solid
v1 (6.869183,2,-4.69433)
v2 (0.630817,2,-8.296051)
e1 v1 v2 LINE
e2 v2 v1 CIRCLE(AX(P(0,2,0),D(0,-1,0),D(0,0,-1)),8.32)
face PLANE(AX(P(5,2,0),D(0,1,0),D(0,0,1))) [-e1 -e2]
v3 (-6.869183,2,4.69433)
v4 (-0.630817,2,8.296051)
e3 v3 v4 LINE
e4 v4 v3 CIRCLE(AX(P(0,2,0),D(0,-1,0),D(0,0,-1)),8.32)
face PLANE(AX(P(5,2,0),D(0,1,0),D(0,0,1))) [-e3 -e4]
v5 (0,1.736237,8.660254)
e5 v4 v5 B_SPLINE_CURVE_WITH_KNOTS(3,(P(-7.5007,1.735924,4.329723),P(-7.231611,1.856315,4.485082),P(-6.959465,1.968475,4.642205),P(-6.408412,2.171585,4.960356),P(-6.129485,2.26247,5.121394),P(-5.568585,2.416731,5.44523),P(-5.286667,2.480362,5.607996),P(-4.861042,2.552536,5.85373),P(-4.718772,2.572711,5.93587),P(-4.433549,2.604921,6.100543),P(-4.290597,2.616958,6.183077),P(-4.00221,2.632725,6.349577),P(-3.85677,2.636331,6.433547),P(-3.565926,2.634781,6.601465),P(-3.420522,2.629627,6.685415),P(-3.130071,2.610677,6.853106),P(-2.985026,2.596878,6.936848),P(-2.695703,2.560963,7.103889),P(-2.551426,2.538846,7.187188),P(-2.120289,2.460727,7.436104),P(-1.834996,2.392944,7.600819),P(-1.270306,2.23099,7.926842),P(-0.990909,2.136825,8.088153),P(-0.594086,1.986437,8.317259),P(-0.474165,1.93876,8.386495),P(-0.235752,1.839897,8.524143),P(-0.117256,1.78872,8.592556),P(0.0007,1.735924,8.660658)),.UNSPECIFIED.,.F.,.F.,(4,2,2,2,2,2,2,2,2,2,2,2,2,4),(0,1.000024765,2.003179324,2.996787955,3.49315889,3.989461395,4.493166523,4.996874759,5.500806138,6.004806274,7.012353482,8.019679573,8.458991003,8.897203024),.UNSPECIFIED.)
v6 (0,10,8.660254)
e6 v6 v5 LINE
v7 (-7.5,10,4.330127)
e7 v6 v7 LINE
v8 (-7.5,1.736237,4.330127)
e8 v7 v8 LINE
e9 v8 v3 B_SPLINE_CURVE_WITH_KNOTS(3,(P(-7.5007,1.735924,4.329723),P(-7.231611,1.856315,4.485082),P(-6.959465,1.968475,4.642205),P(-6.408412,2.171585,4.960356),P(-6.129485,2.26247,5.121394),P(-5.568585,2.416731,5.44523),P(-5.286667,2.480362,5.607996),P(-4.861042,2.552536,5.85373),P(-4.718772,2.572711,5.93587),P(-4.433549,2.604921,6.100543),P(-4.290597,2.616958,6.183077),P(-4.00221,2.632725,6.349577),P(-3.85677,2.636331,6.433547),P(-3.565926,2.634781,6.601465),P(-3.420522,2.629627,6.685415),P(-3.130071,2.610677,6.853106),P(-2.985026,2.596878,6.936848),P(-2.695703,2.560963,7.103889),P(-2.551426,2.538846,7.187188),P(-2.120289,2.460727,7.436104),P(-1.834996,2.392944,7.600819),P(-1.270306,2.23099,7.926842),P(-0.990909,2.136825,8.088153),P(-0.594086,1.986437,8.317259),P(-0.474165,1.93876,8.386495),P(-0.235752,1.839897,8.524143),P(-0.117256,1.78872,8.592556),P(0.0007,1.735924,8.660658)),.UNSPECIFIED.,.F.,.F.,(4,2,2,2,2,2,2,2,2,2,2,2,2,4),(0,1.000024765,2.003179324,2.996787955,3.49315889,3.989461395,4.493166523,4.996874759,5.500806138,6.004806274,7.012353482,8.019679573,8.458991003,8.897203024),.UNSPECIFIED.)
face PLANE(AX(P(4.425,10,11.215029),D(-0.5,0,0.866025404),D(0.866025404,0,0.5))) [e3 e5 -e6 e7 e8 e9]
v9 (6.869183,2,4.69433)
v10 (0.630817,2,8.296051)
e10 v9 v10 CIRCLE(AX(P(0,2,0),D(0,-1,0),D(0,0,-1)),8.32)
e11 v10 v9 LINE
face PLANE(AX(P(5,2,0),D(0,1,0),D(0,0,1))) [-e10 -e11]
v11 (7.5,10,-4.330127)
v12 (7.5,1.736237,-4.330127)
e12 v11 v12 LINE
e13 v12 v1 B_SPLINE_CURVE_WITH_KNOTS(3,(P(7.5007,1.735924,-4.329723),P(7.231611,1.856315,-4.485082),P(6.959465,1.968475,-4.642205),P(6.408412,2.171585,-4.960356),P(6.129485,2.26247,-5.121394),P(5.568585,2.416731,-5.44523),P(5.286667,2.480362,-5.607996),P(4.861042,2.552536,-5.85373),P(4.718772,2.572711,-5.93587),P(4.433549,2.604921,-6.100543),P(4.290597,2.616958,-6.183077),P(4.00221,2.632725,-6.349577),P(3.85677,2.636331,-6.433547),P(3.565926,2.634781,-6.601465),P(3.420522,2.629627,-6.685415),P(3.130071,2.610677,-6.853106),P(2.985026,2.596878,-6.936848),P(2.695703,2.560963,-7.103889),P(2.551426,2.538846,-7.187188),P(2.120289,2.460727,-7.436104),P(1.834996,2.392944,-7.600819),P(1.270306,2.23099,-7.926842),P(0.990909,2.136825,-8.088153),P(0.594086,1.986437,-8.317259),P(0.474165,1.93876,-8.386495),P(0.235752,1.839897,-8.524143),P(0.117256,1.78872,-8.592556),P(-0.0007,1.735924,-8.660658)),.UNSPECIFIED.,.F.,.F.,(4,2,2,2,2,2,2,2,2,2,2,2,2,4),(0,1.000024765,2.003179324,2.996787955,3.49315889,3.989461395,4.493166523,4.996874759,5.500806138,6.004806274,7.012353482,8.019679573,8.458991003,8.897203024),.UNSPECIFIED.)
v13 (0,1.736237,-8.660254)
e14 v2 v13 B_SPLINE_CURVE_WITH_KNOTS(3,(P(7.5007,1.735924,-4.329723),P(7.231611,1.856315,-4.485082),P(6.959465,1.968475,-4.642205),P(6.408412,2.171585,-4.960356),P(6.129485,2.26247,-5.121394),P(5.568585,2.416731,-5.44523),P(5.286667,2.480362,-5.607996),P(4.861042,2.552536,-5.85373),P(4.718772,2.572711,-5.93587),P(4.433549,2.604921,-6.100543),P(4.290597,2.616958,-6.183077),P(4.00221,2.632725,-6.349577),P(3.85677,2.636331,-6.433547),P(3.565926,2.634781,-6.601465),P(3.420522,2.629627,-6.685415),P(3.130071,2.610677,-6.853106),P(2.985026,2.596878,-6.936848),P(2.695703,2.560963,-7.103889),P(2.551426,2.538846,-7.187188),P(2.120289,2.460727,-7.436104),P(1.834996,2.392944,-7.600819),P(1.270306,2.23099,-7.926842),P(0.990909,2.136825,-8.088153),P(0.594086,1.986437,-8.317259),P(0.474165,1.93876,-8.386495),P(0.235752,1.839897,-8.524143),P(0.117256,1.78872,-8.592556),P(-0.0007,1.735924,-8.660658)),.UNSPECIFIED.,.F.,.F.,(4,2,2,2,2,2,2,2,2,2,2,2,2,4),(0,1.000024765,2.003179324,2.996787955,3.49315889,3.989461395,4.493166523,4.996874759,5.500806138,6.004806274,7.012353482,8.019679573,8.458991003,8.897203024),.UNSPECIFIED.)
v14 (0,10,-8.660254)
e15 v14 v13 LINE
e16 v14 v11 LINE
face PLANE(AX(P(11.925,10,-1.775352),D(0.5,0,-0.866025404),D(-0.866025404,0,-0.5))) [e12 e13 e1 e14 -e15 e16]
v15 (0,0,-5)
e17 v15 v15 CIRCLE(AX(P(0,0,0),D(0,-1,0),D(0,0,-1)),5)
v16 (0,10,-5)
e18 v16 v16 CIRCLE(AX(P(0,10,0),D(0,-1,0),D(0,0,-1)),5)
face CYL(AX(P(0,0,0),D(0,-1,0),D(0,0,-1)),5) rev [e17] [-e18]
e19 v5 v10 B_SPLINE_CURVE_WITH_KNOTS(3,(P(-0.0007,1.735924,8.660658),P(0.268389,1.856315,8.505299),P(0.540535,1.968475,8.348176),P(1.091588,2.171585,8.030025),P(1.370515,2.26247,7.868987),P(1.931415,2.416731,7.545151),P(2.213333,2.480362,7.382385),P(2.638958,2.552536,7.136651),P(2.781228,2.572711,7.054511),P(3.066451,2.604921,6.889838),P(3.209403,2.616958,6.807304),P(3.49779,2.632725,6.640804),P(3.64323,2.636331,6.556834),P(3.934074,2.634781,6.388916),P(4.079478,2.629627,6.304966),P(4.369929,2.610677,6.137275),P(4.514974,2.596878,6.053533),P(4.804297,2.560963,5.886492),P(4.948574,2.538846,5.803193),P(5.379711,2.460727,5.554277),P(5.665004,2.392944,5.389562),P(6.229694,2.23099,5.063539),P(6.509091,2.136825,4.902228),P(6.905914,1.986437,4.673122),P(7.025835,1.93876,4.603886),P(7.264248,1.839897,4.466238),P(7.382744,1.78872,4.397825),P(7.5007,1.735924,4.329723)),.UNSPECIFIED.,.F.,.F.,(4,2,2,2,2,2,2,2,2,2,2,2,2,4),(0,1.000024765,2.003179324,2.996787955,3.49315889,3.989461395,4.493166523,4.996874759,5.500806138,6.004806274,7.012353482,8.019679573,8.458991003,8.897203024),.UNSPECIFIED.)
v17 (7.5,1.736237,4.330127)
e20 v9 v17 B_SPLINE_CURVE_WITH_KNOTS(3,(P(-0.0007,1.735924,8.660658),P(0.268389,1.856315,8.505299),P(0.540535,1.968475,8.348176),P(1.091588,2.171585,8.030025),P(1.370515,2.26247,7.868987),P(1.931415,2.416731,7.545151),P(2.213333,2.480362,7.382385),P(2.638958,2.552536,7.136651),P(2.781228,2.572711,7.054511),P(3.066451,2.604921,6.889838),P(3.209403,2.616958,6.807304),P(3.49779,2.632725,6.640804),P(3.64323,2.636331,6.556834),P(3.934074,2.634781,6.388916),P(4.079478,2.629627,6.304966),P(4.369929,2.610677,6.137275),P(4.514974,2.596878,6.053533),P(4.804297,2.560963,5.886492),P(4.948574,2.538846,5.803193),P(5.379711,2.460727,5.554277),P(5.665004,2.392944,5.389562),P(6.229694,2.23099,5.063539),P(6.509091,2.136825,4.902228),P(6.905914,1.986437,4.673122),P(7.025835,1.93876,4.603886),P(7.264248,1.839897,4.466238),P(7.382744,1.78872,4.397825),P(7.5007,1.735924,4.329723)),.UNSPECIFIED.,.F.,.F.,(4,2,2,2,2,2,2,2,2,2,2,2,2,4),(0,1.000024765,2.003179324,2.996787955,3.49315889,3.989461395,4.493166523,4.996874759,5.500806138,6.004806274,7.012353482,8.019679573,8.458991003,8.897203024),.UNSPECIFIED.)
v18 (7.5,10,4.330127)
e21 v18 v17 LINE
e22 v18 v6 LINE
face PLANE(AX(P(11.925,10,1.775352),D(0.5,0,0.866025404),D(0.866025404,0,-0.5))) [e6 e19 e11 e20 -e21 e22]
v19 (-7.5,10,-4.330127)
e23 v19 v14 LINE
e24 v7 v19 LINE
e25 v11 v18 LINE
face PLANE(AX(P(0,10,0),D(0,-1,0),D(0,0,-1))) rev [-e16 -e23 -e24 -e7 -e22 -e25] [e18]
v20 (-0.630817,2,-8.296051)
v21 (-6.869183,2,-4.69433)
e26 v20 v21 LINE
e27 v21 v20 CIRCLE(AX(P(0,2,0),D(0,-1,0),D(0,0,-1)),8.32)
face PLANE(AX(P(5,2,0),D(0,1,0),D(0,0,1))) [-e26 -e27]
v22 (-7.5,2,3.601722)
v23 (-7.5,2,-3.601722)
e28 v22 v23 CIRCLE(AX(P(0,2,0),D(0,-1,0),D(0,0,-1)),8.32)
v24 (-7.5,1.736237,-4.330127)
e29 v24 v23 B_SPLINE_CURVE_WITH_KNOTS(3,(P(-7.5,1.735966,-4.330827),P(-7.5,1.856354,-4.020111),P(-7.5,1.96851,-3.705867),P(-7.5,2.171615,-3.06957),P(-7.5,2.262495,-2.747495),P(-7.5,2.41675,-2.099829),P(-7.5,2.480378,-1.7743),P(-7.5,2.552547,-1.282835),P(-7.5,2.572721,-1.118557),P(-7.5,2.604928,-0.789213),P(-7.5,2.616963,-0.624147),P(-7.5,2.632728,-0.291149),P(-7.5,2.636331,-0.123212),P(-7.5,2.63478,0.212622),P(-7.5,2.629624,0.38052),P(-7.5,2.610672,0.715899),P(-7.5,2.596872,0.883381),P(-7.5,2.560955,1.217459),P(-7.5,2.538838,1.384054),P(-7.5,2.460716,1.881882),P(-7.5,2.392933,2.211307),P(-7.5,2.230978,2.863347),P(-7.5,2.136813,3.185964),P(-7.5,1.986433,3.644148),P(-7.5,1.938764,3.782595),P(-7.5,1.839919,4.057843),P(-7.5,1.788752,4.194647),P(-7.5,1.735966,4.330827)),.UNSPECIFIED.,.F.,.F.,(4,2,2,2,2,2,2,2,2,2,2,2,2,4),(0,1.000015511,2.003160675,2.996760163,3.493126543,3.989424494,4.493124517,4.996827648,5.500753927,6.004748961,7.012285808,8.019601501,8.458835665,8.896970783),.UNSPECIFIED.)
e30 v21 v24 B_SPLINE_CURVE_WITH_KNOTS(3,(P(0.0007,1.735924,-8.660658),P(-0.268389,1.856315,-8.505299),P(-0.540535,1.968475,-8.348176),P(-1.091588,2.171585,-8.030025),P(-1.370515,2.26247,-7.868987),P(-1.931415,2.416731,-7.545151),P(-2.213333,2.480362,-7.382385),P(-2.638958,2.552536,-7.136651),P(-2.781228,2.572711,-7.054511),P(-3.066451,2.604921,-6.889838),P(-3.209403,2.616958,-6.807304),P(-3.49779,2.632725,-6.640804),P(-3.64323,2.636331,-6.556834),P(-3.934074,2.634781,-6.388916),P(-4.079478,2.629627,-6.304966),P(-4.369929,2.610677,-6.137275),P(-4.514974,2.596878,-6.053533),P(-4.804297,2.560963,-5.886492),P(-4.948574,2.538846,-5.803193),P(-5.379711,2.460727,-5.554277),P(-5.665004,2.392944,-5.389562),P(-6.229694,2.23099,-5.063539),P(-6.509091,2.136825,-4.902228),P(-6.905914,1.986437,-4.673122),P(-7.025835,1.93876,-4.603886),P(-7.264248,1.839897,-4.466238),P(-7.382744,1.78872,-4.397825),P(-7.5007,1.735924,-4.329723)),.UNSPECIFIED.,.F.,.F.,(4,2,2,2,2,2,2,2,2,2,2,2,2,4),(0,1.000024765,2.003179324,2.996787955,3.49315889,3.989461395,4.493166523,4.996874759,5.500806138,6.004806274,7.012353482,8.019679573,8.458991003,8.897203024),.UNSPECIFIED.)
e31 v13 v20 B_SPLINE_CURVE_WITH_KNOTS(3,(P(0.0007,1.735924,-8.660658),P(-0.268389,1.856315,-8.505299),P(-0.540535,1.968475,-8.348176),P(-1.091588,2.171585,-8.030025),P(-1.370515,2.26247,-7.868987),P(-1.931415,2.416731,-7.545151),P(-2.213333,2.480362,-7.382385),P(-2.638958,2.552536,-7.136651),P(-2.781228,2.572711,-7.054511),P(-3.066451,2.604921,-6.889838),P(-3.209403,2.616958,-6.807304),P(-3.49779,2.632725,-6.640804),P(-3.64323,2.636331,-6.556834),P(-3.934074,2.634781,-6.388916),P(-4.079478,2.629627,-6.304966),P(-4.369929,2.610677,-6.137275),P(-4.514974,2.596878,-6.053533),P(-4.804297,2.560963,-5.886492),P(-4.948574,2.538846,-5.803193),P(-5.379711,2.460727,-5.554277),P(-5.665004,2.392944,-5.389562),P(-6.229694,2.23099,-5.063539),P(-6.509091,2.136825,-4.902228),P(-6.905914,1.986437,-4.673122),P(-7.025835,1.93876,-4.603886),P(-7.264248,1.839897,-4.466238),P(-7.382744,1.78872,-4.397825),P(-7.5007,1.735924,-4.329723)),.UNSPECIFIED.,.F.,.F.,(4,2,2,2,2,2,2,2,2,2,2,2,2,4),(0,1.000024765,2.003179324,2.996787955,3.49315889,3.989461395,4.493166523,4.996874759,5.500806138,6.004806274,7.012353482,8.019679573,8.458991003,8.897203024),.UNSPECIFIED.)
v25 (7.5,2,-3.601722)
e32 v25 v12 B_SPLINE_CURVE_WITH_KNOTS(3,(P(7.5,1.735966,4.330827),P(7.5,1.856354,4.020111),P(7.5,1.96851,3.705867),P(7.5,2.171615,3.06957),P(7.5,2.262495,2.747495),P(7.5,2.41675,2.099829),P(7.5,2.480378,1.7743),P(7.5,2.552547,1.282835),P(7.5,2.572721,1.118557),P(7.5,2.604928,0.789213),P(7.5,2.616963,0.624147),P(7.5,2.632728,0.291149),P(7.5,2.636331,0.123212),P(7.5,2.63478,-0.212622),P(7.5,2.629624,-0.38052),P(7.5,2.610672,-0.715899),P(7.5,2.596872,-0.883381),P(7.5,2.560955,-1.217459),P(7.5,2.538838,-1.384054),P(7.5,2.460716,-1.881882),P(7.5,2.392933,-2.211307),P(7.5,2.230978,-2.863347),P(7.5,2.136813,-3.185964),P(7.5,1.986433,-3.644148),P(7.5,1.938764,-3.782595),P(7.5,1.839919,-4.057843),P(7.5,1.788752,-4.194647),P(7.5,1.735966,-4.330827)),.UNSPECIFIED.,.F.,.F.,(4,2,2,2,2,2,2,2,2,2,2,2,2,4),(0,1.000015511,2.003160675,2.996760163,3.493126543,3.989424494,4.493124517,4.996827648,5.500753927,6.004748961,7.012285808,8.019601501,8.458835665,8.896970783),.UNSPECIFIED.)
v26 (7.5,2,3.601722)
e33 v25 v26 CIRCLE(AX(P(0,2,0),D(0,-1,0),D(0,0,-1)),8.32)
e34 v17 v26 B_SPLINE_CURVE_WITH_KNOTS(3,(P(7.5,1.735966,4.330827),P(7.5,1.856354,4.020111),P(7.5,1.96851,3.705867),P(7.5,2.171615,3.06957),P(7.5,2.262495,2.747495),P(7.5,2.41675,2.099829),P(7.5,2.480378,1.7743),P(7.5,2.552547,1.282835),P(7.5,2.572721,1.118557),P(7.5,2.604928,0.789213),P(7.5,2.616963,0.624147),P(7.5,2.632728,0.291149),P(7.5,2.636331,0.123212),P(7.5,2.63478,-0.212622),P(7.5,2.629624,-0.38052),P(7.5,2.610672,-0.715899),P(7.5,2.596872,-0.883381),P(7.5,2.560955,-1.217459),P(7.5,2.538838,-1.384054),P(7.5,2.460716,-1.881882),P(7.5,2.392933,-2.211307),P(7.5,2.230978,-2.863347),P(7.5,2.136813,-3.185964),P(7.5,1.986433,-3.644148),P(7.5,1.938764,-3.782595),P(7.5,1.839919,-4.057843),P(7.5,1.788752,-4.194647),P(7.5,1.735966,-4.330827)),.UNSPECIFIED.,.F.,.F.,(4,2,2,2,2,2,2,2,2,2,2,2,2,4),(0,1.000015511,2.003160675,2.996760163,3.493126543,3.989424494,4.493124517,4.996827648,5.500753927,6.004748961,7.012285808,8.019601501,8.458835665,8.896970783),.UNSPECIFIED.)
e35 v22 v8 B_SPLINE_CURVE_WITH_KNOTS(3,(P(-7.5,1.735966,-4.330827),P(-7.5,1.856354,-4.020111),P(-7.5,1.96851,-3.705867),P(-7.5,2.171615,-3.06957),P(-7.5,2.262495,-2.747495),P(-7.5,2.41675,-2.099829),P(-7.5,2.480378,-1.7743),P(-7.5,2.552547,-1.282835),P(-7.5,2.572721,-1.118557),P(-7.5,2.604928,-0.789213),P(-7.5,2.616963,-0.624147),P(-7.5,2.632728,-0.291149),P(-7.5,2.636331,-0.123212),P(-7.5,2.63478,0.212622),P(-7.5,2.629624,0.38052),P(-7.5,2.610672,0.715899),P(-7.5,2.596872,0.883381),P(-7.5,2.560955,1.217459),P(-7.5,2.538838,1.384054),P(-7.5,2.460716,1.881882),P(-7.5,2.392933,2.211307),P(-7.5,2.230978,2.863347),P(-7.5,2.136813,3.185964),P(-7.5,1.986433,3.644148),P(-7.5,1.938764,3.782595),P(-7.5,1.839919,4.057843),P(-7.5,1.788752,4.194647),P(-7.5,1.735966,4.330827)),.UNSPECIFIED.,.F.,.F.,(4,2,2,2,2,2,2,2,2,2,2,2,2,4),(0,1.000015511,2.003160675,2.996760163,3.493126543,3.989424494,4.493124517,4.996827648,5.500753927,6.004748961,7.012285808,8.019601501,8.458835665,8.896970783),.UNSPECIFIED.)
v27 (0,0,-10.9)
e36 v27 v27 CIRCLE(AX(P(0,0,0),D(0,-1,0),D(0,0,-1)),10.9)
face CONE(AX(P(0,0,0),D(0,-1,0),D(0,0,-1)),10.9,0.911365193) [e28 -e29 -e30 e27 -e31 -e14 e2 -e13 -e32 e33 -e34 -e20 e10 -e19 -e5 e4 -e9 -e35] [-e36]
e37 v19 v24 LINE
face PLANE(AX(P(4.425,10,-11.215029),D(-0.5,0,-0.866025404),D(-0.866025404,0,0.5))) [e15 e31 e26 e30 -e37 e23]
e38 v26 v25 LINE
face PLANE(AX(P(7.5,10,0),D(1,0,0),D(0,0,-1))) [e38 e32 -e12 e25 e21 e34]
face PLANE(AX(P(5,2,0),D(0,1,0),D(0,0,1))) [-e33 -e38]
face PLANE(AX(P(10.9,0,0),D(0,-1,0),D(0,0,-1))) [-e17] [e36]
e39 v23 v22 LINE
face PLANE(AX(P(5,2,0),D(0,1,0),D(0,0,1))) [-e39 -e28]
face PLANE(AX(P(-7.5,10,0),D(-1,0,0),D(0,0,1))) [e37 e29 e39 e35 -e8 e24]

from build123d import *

# Parameters (mm, degrees)
DODANIE_WYCI_GNI_CIE1_START = 8
SZKIC2_R                    = 5
DODANIE_WYCI_GNI_CIE1_DEPTH = 10


with BuildPart() as part:
    # Szkic1 → Obrót1 (revolve)
    with BuildSketch(Plane.XY, mode=Mode.PRIVATE) as obr_t1_sk:
        Polygon((5, 0), (5, 2), (8.32, 2), (10.9, 0), align=None)
    revolve(obr_t1_sk.sketch.rotate(Axis((0, 0, 0), (0, 1, 0)), 90), axis=Axis((0, 0, 0), (0, 1, 0)))

    # Szkic2 → Dodanie-wyciągnięcie1 (add)
    with BuildSketch(Plane(origin=(0, 2, 0), x_dir=(1, 0, 0), z_dir=(0, 1, 0)).offset(DODANIE_WYCI_GNI_CIE1_START)):
        Polygon((0, 8.660254038), (-7.5, 4.330127019), (-7.5, -4.330127019), (0, -8.660254038), (7.5, -4.330127019), (7.5, 4.330127019), align=None)
        with Locations(Location((0, 0, 0), (0, 0, 90))):
            Circle(SZKIC2_R, mode=Mode.SUBTRACT)
    extrude(amount=-DODANIE_WYCI_GNI_CIE1_DEPTH)


solid = part.part
